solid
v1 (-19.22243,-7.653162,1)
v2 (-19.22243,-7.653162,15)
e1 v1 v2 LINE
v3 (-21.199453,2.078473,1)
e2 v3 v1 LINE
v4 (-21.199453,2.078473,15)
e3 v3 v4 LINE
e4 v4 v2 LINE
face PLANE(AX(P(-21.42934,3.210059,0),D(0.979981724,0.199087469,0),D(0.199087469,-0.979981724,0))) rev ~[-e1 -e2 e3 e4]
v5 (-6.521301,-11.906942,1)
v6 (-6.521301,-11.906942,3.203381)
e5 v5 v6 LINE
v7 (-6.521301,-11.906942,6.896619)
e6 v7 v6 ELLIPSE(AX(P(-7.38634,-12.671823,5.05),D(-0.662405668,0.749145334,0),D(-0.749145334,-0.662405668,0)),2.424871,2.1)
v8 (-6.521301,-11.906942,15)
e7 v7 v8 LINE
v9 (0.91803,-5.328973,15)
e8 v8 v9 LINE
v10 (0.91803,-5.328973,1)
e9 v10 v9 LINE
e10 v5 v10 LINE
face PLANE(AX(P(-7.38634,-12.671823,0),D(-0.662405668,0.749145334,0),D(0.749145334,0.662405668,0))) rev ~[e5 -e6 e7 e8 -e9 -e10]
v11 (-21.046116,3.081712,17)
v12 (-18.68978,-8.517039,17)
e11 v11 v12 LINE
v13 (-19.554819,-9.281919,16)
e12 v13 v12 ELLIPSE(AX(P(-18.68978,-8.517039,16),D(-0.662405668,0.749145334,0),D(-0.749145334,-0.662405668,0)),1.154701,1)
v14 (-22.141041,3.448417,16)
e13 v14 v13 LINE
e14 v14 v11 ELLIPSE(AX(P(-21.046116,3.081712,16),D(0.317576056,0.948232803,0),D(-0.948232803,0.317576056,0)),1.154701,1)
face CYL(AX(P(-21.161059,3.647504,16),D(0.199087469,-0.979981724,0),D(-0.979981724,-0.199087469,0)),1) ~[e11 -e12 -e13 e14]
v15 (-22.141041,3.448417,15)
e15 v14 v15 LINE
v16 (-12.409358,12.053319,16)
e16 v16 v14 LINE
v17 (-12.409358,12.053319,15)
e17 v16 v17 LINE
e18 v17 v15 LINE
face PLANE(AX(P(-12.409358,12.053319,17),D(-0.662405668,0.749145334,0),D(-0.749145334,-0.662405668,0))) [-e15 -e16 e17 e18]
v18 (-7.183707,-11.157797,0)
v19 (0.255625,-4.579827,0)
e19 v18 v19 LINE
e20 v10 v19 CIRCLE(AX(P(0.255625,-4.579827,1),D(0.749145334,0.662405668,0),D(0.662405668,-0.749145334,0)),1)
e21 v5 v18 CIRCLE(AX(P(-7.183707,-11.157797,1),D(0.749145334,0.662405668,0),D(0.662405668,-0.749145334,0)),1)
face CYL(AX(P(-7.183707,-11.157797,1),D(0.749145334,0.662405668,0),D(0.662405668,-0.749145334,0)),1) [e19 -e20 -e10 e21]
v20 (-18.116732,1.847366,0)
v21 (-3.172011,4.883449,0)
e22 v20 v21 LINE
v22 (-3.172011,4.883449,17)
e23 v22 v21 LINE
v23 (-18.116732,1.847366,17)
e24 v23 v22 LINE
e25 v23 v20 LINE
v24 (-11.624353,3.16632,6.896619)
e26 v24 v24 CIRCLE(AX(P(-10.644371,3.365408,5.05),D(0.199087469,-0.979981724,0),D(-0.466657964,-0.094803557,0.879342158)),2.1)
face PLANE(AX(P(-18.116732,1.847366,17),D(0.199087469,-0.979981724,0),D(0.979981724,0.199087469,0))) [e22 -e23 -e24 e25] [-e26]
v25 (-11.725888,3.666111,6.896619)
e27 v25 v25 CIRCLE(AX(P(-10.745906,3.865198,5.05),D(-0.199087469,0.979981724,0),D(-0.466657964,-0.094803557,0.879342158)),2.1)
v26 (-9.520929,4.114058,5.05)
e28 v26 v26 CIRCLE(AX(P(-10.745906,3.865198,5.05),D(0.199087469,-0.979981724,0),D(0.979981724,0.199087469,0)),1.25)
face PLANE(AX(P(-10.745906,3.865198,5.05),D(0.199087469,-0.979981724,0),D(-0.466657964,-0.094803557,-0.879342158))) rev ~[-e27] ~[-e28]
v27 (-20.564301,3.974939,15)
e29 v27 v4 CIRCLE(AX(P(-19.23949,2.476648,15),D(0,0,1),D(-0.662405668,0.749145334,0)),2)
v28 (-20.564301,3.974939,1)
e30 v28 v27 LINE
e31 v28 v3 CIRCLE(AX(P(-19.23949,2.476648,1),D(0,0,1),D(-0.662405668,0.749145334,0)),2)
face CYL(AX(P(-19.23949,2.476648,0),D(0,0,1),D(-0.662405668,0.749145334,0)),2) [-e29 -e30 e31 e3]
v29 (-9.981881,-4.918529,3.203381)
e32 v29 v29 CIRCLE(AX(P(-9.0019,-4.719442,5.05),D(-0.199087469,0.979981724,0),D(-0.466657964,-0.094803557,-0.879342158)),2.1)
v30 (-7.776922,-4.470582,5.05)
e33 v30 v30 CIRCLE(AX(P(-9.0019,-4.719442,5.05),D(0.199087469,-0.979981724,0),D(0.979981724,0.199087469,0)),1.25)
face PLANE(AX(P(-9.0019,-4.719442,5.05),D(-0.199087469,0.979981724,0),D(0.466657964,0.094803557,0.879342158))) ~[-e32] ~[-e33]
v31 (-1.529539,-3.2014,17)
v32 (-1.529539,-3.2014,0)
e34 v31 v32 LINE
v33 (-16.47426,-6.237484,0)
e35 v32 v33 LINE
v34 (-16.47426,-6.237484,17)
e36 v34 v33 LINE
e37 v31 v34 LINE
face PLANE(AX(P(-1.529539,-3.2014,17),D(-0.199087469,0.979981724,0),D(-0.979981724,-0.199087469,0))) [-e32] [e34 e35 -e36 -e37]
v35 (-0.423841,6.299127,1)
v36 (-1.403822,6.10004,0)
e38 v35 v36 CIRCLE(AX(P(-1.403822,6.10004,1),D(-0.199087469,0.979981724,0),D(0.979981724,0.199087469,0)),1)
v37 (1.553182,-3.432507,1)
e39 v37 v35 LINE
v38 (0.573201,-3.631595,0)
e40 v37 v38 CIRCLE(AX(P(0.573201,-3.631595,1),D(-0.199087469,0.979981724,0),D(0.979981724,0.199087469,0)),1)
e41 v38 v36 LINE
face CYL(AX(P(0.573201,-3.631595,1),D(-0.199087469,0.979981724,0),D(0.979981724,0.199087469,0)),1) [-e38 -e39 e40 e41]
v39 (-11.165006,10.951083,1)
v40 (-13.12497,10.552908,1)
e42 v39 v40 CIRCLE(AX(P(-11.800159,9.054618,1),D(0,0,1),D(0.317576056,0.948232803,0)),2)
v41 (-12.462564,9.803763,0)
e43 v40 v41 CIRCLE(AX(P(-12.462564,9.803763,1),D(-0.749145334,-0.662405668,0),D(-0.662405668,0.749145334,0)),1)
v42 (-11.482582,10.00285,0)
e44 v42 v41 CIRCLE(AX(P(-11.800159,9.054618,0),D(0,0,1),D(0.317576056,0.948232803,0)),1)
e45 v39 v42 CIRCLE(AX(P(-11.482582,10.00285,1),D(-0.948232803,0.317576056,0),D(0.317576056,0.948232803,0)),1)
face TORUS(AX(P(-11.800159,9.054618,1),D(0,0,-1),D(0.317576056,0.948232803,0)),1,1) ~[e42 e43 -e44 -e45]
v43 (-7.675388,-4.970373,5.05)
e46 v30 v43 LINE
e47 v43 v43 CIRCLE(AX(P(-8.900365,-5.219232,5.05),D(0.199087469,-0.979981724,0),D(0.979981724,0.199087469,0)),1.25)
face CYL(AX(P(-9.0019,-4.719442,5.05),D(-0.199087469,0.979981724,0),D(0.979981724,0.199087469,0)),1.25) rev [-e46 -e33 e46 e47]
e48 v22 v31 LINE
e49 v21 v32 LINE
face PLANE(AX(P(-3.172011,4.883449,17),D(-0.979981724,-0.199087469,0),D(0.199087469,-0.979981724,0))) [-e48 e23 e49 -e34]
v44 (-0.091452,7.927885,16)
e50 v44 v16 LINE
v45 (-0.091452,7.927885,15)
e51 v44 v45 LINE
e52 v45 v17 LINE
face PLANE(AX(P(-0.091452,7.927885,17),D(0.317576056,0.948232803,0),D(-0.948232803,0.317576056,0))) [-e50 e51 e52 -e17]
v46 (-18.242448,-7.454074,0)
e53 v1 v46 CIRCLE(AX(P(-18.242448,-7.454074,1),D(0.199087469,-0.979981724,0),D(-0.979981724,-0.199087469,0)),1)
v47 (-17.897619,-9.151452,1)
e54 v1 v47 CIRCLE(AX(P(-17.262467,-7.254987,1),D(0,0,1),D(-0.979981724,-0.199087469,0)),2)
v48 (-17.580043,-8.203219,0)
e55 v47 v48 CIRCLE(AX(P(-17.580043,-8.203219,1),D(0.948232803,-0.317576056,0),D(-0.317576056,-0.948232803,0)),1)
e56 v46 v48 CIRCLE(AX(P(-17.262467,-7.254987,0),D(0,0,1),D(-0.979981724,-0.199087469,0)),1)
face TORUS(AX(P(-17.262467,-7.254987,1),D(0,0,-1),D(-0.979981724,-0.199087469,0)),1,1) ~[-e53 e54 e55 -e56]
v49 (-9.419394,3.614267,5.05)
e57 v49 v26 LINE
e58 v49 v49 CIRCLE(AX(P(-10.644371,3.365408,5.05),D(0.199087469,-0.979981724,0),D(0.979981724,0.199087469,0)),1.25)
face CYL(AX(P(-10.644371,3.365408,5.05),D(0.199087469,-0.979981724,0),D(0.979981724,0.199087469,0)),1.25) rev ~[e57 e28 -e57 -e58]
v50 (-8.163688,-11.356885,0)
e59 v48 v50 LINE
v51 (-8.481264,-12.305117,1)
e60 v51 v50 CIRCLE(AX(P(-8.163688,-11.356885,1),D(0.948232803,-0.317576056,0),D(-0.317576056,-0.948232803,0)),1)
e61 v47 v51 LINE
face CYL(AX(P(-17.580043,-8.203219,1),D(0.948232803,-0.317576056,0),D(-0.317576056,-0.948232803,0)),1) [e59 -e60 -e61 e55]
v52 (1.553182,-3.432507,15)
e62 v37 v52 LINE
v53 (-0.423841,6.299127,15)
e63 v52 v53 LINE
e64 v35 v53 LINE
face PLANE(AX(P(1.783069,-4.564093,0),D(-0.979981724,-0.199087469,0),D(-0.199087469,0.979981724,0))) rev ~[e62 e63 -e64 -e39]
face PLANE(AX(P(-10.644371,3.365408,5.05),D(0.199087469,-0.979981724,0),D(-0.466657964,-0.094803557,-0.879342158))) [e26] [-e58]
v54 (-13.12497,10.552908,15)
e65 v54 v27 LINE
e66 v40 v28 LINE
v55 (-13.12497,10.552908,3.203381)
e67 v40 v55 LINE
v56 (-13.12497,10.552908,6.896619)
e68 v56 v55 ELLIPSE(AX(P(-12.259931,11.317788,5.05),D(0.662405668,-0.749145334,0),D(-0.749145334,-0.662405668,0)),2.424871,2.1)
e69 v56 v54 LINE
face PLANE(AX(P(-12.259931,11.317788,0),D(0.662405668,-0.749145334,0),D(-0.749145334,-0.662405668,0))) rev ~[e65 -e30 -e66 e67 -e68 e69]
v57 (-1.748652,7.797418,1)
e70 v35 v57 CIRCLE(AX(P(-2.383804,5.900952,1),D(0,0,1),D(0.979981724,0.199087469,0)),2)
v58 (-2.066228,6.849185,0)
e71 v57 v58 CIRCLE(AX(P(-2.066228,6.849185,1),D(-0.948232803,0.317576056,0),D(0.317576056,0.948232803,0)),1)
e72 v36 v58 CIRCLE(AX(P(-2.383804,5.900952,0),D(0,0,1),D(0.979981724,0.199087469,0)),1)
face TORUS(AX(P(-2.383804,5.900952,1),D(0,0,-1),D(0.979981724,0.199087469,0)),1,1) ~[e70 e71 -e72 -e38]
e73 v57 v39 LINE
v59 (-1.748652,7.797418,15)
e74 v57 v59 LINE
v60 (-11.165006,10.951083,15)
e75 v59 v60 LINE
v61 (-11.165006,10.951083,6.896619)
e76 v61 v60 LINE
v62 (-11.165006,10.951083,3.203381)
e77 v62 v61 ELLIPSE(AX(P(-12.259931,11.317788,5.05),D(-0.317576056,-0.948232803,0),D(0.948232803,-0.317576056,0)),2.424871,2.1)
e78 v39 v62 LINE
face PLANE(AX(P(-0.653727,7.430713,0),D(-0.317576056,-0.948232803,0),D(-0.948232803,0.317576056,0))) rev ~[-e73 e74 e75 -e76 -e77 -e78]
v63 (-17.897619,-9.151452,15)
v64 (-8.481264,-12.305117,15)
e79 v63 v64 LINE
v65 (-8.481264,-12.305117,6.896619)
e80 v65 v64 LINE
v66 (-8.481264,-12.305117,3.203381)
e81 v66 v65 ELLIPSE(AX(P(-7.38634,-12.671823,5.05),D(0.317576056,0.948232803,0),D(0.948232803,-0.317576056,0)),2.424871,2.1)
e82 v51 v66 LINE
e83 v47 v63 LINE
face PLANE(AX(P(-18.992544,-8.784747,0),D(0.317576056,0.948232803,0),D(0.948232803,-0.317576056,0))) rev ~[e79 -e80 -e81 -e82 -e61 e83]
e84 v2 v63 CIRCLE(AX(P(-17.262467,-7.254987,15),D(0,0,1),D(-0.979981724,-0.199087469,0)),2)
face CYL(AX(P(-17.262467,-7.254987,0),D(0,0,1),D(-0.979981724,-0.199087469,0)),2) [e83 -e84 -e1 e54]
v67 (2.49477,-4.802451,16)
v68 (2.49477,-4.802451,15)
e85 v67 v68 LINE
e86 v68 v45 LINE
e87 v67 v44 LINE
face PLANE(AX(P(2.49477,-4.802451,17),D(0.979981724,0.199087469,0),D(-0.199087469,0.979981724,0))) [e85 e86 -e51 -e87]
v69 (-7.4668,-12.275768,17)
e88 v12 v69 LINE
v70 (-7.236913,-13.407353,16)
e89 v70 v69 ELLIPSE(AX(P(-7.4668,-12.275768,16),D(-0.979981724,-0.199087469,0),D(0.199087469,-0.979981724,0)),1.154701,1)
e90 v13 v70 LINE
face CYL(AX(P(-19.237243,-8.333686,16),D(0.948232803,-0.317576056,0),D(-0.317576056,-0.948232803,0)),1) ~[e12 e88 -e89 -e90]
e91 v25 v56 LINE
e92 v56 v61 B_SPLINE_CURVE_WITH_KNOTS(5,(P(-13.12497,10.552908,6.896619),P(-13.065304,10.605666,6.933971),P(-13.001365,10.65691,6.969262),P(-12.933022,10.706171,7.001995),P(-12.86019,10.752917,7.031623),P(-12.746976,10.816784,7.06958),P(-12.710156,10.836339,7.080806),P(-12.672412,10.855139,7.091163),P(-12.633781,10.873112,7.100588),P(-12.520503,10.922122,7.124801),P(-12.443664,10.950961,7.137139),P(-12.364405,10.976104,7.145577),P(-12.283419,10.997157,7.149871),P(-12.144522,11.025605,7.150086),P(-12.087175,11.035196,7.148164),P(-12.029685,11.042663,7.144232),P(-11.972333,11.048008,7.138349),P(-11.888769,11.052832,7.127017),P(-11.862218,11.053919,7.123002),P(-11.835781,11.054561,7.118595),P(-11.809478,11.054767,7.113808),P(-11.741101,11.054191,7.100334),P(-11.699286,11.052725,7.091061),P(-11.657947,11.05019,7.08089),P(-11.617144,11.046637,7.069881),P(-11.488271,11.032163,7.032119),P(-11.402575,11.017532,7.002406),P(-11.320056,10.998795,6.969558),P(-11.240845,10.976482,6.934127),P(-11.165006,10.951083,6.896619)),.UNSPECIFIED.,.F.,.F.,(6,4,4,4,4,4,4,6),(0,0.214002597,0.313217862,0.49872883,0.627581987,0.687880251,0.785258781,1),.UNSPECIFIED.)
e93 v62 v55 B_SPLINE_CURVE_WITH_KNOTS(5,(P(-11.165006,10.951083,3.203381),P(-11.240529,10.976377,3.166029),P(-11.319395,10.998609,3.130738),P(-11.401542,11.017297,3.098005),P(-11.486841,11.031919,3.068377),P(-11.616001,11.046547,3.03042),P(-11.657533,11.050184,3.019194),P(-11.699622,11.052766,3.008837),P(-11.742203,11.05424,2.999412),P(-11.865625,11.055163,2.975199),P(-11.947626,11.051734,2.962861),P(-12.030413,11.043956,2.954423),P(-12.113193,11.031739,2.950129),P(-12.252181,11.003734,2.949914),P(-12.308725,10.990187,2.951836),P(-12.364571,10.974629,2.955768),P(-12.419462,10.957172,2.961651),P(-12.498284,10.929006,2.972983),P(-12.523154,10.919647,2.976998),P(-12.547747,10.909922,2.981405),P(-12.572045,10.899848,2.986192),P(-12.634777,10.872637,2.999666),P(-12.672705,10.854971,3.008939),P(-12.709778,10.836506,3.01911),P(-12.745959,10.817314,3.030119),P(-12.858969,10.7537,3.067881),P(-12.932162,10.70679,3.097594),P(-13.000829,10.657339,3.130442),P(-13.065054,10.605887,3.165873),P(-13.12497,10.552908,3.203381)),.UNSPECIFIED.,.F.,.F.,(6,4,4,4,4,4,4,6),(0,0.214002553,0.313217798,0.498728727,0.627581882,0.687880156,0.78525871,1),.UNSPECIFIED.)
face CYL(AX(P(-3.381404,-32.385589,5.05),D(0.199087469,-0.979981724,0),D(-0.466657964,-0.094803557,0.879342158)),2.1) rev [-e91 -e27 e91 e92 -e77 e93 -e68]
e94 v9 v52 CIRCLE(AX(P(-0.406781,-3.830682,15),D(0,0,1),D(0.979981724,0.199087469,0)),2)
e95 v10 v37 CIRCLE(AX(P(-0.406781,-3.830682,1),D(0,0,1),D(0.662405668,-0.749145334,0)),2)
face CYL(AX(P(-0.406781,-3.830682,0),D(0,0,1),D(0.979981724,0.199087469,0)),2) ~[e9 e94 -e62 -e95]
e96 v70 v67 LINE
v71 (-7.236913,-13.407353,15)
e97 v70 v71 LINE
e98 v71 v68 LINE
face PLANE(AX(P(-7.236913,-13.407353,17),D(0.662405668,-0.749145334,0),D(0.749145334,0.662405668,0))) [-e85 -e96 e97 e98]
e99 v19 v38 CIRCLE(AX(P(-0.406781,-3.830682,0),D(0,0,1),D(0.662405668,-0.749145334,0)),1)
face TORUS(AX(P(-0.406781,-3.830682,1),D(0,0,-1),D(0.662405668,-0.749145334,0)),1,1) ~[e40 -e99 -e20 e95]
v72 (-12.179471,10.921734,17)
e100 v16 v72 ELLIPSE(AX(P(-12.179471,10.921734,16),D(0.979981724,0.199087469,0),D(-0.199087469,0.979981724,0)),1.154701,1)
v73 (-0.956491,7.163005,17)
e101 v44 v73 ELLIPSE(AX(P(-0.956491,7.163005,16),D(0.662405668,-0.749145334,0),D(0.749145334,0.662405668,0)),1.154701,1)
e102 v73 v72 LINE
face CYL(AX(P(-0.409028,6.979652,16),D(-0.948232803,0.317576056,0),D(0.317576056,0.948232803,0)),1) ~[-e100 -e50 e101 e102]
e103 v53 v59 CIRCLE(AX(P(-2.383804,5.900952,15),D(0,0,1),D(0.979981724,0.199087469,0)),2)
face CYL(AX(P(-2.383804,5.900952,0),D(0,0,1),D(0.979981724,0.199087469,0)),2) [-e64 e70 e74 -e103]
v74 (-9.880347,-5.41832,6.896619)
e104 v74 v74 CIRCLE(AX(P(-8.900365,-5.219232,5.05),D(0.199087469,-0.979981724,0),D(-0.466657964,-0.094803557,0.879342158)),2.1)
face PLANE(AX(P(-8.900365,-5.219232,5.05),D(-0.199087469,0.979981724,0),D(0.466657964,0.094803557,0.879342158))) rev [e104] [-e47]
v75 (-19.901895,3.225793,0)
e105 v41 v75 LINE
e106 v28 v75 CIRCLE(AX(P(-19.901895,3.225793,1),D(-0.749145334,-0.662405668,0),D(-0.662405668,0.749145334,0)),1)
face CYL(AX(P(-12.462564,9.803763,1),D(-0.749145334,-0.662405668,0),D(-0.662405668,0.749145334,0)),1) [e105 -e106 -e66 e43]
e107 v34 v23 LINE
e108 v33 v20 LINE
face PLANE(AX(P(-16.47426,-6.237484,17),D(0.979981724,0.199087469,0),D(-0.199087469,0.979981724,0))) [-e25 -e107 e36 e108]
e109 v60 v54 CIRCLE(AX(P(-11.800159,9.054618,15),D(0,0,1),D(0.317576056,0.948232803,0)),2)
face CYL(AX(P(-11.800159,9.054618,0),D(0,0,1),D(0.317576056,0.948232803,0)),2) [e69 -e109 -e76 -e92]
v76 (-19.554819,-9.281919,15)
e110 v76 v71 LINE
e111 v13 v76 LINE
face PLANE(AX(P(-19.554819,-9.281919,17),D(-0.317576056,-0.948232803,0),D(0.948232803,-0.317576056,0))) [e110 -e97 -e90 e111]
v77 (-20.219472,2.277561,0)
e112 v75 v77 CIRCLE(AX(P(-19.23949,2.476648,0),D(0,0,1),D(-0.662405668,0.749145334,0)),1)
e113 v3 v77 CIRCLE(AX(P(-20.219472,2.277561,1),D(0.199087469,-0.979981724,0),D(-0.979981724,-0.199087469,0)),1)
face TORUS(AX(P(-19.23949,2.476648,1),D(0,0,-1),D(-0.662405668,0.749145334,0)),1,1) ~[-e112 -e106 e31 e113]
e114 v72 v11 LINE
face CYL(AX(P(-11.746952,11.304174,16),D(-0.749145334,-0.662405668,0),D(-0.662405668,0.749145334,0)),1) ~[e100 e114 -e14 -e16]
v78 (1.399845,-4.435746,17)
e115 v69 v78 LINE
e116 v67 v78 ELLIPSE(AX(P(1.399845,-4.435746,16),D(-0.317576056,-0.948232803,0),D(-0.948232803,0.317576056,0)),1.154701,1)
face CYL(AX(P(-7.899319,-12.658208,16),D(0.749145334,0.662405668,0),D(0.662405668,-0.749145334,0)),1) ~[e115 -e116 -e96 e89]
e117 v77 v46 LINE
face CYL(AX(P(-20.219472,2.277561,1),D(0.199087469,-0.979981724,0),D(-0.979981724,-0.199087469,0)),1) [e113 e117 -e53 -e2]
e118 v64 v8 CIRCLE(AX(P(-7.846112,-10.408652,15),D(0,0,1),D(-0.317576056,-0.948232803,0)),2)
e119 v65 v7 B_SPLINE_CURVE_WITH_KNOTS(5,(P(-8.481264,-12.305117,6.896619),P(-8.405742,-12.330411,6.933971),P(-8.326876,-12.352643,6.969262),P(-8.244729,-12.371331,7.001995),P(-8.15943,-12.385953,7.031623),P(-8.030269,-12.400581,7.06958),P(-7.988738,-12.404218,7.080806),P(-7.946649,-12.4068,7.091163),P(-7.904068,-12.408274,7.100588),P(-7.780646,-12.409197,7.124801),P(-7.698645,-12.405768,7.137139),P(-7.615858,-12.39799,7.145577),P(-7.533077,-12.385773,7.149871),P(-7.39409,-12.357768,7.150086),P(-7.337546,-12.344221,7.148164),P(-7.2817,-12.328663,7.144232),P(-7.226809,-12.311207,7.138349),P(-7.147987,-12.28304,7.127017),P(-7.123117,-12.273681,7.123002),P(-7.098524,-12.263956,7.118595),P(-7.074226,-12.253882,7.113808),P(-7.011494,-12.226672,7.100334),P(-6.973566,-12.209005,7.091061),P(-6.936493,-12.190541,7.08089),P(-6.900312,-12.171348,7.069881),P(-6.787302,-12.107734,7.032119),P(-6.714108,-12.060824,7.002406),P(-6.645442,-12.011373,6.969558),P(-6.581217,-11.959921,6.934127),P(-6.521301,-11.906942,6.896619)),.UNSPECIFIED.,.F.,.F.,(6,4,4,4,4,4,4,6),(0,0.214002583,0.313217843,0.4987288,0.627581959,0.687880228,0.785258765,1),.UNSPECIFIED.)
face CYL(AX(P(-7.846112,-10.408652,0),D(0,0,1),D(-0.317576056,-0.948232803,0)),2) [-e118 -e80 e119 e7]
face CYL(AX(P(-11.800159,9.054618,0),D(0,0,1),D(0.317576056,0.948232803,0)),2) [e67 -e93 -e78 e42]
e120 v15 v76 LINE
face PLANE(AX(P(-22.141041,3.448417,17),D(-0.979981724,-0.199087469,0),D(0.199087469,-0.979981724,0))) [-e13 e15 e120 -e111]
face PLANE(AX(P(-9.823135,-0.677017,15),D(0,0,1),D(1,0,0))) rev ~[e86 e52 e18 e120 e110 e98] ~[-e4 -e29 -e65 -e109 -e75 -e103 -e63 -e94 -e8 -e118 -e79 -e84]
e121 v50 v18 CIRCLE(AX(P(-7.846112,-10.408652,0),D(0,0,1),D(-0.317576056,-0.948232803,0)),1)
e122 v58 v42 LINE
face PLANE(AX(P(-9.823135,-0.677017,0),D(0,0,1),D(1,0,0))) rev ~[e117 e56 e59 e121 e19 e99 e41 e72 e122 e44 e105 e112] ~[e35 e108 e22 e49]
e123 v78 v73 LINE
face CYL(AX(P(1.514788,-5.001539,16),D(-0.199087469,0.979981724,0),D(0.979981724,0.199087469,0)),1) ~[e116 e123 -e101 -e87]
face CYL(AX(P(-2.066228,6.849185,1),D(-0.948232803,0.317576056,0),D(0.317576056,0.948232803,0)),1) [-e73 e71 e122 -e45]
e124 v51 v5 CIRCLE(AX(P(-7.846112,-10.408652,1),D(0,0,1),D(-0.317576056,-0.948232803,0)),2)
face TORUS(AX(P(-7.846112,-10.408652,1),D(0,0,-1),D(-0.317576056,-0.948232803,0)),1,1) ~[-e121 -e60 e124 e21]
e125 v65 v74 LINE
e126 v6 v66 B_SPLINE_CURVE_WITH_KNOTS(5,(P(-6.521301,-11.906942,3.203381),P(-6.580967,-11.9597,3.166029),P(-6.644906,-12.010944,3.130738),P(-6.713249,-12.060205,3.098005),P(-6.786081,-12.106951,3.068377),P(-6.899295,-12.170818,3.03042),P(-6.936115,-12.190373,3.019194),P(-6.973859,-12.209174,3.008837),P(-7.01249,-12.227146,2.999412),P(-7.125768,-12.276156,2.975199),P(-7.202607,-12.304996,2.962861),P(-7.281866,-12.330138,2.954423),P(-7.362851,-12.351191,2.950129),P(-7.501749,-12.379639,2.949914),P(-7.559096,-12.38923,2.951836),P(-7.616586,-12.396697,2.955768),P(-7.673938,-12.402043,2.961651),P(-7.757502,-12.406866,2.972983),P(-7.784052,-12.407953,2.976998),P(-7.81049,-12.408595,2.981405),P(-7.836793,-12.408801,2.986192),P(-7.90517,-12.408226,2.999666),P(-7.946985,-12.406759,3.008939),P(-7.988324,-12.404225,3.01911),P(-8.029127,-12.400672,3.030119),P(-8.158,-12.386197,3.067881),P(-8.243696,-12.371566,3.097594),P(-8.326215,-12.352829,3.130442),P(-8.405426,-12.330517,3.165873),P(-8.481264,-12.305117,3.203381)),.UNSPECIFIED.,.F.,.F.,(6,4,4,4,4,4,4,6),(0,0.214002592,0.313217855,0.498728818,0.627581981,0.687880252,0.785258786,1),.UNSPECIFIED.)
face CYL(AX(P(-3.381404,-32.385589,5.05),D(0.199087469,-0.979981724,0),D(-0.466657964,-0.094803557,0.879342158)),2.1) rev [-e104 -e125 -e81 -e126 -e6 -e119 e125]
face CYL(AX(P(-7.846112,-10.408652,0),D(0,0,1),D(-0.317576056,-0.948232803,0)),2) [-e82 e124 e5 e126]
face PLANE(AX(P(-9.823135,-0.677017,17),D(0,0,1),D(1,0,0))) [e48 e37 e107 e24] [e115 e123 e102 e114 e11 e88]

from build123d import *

# Parameters (mm, degrees)
DODANIE_WYCI_GNI_CIE1_DEPTH     = 17
ZAOKR_GLENIE1_R                 = 2
DODANIE_WYCI_GNI_CIE2_DEPTH     = 2
ZAOKR_GLENIE2_R                 = 1
ZAOKR_GLENIE3_R                 = 1
WYTNIJ_WYCI_GNI_CIE1_DEPTH      = 32.35628887
WYTNIJ_WYCI_GNI_CIE1_DEPTH_BACK = 32.35628887
SZKIC4_R                        = 2.1
WYTNIJ_WYCI_GNI_CIE2_DEPTH      = 31.967447566
SZKIC6_R                        = 2.1
SZKIC6_R_2                      = 1.25
DODANIE_WYCI_GNI_CIE3_DEPTH     = 0.51


with BuildPart() as part:
    # Szkic1 → Dodanie-wyciągnięcie1 (new body)
    with BuildSketch(Plane.XY):
        Polygon((1.783068787, -4.564092652), (-0.653727134, 7.430712848), (-12.25993137, 11.317788426), (-21.429339686, 3.210058505), (-18.992543765, -8.784746995), (-7.386339528, -12.671822573), align=None)
    extrude(amount=DODANIE_WYCI_GNI_CIE1_DEPTH)

    # Zaokrąglenie1
    zaokr_glenie1_edges = [part.edges().sort_by_distance(p)[0] for p in [
        (-7.386339528, -12.671822573, 8.5),
        (-18.992543765, -8.784746995, 8.5),
        (-21.429339686, 3.210058505, 8.5),
        (-12.25993137, 11.317788426, 8.5),
        (-0.653727134, 7.430712848, 8.5),
        (1.783068787, -4.564092652, 8.5),
    ]]
    fillet(zaokr_glenie1_edges, radius=ZAOKR_GLENIE1_R)

    # Szkic3 → Dodanie-wyciągnięcie2 (add)
    with BuildSketch(Plane.XY.offset(17)):
        Polygon((-0.091452095, 7.927884965), (-12.409357535, 12.053318952), (-22.141040889, 3.448416913), (-19.554818803, -9.281919113), (-7.236913363, -13.407353099), (2.494769991, -4.80245106), align=None)
    extrude(amount=-DODANIE_WYCI_GNI_CIE2_DEPTH)

    # Zaokrąglenie2
    zaokr_glenie2_edges = [part.edges().sort_by_distance(p)[0] for p in [
        (-6.456829252, 9.374250637, 0),
        (-2.80163537, -8.617957613, 0),
        (-13.189441647, -10.728284784, 0),
        (-20.210941725, -2.787344245, 0),
        (-16.844635528, 7.263923465, 0),
        (0.564670827, 1.433310098, 0),
        (-12.198333493, 11.014581025, 0),
        (-21.135955436, 3.111800131, 0),
        (-18.760757392, -8.579797968, 0),
        (-7.447937406, -12.368615173, 0),
        (1.489684537, -4.465834278, 0),
        (-0.885513507, 7.225763821, 0),
    ]]
    fillet(zaokr_glenie2_edges, radius=ZAOKR_GLENIE2_R)

    # Zaokrąglenie3
    zaokr_glenie3_edges = [part.edges().sort_by_distance(p)[0] for p in [
        (1.201658948, 1.562716953, 17),
        (-6.250404815, 9.990601959, 17),
        (-17.275199212, 7.750867932, 17),
        (-20.847929846, -2.9167511, 17),
        (-13.395866083, -11.344636106, 17),
        (-2.371071686, -9.10490208, 17),
    ]]
    fillet(zaokr_glenie3_edges, radius=ZAOKR_GLENIE3_R)

    # Szkic4 → Wytnij-wyciągnięcie1 (cut, two sides: drawn at the far end of the back side and taken through both)
    with BuildSketch(Plane(origin=(-0.257260592, 1.266331223, 0), x_dir=(0.9799817241599056, 0.19908746899937949, 0), z_dir=(-0.19908746899937946, 0.9799817241599055, 0)).offset(-WYTNIJ_WYCI_GNI_CIE1_DEPTH_BACK)):
        with Locations(Location((-9.76127883, -5.05, 0), (0, 0, 241.563109851))):
            Circle(SZKIC4_R)
    extrude(amount=WYTNIJ_WYCI_GNI_CIE1_DEPTH + WYTNIJ_WYCI_GNI_CIE1_DEPTH_BACK, mode=Mode.SUBTRACT)

    # Szkic5 → Wytnij-wyciągnięcie2 (cut, through all)
    with BuildSketch(Plane.XY.offset(17)):
        Polygon((-18.116731906, 1.847365587), (-3.172010612, 4.88344949), (-1.529538993, -3.201399735), (-16.474260286, -6.237483637), align=None)
    extrude(amount=-WYTNIJ_WYCI_GNI_CIE2_DEPTH, mode=Mode.SUBTRACT)

    # Szkic6 → Dodanie-wyciągnięcie3 (add)
    with BuildSketch(Plane(origin=(-1.078496401, 5.308755835, 0), x_dir=(0.9799817241599059, 0.19908746899937776, 0), z_dir=(0.19908746899937776, -0.9799817241599059, 0))):
        with Locations(Location((-9.76127883, 5.05, 0), (0, 0, 241.563109851))):
            Circle(SZKIC6_R)
        with Locations((-9.76127883, 5.05)):
            Circle(SZKIC6_R_2, mode=Mode.SUBTRACT)
    dodanie_wyci_gni_cie3 = extrude(amount=-DODANIE_WYCI_GNI_CIE3_DEPTH)

    # Lustro1: Dodanie-wyciągnięcie3 across plane
    add(dodanie_wyci_gni_cie3.mirror(Plane(origin=(-0.257260592, 1.266331223, 0), x_dir=(0, 0, 1), z_dir=(-0.19908746899937949, 0.9799817241599056, 0))))


solid = part.part
